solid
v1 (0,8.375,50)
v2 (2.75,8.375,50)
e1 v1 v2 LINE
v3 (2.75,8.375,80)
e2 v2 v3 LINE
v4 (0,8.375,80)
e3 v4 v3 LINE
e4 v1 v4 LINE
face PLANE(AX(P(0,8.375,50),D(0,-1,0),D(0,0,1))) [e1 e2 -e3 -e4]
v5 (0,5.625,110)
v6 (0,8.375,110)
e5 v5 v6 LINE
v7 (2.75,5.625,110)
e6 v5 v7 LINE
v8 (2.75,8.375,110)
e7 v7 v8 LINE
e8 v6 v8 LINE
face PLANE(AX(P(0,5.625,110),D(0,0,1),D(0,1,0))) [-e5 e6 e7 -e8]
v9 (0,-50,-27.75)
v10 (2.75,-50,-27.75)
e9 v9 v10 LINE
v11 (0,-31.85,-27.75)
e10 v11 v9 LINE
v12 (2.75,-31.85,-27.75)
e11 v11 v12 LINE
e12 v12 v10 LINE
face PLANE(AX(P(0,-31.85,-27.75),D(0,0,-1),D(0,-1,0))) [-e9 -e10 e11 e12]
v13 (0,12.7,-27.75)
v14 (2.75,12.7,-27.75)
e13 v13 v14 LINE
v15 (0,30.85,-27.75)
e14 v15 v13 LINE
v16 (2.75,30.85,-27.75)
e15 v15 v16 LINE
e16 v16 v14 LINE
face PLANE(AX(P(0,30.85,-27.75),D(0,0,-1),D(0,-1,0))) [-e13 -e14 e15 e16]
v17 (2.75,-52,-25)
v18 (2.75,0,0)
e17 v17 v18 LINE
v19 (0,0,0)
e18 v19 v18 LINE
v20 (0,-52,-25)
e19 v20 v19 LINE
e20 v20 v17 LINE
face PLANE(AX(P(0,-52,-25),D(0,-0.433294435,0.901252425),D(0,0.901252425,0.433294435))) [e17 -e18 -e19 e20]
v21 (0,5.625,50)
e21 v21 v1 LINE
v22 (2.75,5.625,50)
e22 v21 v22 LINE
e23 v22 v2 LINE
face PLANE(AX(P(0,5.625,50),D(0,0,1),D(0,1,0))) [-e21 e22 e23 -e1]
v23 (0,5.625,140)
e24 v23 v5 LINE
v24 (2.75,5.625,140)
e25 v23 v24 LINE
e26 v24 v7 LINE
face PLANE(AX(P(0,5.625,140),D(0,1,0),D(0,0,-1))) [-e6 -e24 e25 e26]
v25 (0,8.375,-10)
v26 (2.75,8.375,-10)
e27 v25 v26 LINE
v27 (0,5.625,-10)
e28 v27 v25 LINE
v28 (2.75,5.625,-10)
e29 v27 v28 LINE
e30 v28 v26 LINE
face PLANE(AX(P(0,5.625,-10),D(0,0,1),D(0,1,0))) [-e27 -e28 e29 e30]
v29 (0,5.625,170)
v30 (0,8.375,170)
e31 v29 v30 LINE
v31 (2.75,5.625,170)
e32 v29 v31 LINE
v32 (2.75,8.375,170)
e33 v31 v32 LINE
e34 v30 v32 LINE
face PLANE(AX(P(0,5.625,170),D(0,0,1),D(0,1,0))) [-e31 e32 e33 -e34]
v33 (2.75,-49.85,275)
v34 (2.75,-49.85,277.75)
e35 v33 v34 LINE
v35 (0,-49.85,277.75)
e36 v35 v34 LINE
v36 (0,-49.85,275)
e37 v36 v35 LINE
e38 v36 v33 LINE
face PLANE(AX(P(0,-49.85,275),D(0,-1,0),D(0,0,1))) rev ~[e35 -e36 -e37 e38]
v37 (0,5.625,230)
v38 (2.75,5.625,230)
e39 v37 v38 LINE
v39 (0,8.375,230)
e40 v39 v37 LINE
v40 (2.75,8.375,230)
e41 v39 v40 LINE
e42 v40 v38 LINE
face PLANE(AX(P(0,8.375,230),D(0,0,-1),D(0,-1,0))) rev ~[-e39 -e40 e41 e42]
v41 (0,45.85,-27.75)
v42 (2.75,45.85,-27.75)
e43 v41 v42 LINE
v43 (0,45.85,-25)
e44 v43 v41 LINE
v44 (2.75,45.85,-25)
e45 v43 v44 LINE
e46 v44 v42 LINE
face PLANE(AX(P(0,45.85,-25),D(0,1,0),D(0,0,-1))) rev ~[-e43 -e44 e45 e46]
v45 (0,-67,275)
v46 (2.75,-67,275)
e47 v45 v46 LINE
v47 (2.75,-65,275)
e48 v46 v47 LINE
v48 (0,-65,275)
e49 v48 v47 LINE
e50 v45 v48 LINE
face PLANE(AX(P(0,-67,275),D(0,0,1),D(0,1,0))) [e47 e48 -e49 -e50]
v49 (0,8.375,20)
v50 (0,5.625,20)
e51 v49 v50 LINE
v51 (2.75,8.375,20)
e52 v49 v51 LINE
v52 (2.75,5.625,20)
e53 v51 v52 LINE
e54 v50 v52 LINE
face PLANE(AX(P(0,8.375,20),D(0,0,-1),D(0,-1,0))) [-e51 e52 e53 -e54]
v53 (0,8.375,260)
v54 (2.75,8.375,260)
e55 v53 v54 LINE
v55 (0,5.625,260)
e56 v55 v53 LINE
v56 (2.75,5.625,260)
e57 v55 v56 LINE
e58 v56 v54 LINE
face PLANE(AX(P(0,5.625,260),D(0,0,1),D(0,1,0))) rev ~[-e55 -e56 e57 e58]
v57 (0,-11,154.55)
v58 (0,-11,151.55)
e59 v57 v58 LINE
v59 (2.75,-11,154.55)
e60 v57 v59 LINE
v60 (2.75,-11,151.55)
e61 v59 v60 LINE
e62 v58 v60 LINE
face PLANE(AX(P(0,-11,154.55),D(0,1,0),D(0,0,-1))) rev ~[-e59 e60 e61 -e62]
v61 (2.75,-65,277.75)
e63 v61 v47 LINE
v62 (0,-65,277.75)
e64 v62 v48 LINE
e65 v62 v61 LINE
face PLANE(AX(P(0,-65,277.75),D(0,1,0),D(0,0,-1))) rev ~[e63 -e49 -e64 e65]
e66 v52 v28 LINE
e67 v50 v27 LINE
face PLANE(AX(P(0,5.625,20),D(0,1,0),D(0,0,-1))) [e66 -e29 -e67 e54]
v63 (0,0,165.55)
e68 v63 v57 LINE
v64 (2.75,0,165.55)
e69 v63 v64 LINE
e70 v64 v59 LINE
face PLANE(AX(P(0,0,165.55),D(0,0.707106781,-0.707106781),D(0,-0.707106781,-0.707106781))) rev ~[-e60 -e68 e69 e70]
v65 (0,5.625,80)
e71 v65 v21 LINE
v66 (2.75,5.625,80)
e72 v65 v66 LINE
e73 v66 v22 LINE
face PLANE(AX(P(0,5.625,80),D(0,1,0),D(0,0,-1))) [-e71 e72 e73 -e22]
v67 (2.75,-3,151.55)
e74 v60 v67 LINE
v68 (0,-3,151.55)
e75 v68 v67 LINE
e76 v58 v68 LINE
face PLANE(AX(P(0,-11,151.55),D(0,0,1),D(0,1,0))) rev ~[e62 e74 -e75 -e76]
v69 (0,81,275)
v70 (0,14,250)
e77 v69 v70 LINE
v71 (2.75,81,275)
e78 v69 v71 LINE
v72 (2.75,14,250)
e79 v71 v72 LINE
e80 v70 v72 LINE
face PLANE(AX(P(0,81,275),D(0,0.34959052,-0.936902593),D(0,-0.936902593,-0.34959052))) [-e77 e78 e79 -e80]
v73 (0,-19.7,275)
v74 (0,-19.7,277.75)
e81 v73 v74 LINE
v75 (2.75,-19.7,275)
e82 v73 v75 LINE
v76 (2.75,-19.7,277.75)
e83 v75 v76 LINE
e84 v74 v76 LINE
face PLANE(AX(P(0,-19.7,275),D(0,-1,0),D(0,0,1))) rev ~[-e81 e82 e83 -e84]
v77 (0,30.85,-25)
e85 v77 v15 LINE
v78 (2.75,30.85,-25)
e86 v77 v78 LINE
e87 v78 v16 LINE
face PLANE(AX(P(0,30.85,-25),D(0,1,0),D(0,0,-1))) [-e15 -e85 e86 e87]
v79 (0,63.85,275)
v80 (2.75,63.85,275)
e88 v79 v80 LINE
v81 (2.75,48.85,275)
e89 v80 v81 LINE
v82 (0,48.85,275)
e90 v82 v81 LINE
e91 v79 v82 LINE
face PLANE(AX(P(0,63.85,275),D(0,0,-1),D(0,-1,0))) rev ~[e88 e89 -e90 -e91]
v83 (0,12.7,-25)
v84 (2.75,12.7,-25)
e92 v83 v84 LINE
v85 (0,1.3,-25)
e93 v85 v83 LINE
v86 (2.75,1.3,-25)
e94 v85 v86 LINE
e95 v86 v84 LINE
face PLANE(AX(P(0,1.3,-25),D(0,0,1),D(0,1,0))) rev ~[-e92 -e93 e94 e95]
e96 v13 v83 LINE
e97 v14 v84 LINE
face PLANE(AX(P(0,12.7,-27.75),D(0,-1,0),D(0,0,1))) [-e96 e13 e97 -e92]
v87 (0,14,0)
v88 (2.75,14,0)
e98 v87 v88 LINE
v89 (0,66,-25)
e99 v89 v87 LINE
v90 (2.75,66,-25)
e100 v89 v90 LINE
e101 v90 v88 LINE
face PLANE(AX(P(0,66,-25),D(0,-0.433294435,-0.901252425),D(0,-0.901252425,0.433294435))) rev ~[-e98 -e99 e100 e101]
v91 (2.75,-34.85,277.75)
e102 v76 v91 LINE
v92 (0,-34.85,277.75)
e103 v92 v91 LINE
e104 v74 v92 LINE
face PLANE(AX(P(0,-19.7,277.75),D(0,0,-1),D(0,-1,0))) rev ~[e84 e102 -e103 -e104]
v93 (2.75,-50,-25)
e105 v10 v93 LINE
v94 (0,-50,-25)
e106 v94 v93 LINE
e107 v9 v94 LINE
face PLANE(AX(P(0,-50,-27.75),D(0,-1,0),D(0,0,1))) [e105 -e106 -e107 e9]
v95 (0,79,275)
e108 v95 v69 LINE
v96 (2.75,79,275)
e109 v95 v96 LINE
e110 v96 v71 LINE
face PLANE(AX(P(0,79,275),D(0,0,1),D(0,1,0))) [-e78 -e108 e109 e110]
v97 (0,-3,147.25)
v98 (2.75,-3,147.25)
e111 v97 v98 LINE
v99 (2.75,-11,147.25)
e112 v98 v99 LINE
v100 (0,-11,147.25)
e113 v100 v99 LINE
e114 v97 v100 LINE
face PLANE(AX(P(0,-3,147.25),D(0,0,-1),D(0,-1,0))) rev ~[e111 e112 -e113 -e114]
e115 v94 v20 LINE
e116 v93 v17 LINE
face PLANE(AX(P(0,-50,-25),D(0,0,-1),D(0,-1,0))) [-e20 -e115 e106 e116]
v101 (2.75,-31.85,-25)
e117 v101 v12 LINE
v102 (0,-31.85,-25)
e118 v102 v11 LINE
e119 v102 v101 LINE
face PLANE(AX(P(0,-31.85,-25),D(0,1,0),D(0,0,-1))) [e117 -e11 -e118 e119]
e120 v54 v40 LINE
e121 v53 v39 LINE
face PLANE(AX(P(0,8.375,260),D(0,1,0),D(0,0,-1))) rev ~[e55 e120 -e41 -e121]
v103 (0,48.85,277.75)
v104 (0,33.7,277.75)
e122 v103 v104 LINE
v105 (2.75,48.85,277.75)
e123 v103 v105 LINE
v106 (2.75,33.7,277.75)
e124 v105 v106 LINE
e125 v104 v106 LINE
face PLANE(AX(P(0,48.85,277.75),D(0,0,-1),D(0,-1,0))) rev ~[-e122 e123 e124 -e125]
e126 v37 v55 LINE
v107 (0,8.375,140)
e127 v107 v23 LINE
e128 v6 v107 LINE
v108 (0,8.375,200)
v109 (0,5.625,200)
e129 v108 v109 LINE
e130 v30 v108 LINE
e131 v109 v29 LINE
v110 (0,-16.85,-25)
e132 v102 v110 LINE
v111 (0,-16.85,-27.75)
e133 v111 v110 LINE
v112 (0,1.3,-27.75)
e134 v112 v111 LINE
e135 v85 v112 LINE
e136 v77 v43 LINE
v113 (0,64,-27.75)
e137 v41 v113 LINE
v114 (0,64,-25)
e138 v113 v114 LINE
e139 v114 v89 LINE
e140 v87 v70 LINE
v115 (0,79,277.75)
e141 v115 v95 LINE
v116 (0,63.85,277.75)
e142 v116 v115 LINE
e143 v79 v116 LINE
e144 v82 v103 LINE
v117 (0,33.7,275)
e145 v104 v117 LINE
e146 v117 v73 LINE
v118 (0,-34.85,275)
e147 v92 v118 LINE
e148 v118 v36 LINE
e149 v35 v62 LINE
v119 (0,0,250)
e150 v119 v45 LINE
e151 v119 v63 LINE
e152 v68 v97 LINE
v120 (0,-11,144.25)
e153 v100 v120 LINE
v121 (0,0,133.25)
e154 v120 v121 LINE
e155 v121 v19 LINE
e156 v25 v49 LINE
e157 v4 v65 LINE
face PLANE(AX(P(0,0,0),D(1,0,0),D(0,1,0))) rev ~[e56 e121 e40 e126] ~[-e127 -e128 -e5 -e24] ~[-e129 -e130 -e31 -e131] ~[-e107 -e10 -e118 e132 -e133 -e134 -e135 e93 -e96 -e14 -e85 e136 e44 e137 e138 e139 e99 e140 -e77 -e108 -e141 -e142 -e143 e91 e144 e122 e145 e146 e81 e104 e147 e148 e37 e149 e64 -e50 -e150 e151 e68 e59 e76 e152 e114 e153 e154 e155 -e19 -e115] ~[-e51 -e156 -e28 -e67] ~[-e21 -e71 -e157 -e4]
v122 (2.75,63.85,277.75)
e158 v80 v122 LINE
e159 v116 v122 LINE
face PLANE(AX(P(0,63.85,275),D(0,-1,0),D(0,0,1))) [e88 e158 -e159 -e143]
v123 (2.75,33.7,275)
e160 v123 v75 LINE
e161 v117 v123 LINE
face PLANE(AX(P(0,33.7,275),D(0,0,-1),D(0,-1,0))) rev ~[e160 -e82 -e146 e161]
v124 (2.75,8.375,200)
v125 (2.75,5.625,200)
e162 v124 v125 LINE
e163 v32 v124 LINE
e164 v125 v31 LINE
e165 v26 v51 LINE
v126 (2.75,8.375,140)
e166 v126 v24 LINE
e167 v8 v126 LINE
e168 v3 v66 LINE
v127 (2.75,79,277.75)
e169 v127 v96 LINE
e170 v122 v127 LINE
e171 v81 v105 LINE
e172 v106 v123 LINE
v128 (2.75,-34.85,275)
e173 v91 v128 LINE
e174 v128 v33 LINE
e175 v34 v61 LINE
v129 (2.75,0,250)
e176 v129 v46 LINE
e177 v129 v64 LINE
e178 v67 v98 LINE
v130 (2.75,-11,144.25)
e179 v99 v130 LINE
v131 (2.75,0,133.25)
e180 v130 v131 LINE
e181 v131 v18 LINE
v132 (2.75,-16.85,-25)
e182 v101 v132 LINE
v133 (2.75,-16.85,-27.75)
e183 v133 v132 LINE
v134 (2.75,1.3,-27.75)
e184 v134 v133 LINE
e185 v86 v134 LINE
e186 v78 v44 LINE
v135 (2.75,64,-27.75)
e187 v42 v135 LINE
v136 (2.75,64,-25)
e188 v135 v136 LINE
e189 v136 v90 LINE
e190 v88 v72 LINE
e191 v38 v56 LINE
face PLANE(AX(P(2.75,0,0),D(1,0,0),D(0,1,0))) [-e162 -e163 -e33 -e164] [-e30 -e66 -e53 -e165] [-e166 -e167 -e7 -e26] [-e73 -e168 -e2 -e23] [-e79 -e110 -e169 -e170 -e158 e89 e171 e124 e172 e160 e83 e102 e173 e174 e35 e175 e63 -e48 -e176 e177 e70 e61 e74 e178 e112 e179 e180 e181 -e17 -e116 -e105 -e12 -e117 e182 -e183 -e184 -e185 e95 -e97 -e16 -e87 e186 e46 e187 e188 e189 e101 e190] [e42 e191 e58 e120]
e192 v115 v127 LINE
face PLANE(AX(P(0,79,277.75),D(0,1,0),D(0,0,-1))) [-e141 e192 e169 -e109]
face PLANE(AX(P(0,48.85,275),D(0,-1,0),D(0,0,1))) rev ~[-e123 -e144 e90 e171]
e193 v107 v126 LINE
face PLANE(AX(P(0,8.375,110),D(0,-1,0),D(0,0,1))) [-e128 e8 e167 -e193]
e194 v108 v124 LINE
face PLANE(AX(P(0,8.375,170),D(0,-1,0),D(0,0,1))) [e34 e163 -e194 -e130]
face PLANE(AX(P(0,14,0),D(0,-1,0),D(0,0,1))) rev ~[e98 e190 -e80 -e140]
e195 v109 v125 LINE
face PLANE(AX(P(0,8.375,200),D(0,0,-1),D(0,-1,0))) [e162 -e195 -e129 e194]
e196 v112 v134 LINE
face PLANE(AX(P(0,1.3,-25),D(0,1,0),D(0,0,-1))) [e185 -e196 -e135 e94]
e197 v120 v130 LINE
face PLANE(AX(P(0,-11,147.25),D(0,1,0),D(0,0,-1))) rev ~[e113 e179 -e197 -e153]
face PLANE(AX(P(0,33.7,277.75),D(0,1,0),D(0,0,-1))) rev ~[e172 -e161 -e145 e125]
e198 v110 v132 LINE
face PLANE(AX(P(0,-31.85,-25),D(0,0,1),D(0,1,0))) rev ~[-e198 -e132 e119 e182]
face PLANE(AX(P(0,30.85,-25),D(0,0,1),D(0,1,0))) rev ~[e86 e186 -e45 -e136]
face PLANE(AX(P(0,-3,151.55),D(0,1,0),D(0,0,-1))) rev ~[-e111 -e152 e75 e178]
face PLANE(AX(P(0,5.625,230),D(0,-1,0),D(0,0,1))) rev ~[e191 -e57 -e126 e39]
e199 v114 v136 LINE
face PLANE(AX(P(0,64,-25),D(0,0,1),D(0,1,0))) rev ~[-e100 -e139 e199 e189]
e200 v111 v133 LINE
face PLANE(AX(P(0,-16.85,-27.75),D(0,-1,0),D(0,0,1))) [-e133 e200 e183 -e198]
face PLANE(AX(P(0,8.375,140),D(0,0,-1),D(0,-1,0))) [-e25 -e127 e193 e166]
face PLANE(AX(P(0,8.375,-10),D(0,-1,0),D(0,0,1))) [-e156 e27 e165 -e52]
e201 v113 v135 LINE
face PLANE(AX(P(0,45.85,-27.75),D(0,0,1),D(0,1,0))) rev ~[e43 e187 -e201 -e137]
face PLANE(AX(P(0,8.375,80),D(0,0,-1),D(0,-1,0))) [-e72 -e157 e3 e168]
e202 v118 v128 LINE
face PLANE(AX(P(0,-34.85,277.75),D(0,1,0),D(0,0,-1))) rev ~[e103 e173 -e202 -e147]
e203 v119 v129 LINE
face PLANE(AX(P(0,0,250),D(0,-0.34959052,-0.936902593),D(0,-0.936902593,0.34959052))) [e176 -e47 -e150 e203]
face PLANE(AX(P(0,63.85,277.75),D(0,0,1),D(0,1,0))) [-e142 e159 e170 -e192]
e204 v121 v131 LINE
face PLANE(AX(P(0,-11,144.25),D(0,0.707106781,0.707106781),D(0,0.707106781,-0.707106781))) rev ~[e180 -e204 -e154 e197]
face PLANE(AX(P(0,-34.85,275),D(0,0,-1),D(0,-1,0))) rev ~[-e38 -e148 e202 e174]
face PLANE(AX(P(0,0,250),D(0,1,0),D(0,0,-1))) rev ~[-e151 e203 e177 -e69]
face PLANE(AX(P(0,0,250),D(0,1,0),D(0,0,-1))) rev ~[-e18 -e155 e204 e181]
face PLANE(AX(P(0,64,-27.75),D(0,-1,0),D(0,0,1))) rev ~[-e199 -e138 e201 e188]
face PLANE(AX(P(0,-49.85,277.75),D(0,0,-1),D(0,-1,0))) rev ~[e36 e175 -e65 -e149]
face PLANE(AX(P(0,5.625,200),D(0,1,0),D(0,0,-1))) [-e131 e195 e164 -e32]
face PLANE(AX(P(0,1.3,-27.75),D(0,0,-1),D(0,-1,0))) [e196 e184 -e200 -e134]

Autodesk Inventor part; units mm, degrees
ref_plane "YZ Plane" through (0, 0, 0) normal (1, 0, 0) x (0, 1, 0)
ref_plane "XZ Plane" through (0, 0, 0) normal (0, 1, 0) x (-1, 0, 0)
ref_plane "XY Plane" through (0, 0, 0) normal (0, 0, 1) x (1, 0, 0)
sketch "Sketch1" plane through (0, 0, 0) normal (1, 0, 0) x (0, 1, 0)
  line L0 (0, 0) -> (14, 0) construction
  line L1 (14, 0) -> (14, 250)
  line L2 (14, 250) -> (0, 250) construction
  line L3 (0, 250) -> (0, 0)
  line L4 (-50, -25) -> (64, -25)
  line L5 (79, 275) -> (-65, 275)
  line L6 (8.375, 200) -> (5.625, 200)
  line L7 (5.625, 200) -> (5.625, 170)
  line L8 (5.625, 170) -> (8.375, 170)
  line L9 (8.375, 170) -> (8.375, 200)
  line L10 (8.375, 140) -> (5.625, 140)
  line L11 (5.625, 140) -> (5.625, 110)
  line L12 (5.625, 110) -> (8.375, 110)
  line L13 (8.375, 110) -> (8.375, 140)
  line L14 (8.375, 80) -> (5.625, 80)
  line L15 (5.625, 80) -> (5.625, 50)
  line L16 (5.625, 50) -> (8.375, 50)
  line L17 (8.375, 50) -> (8.375, 80)
  line L18 (8.375, 20) -> (5.625, 20)
  line L19 (5.625, 20) -> (5.625, -10)
  line L20 (5.625, -10) -> (8.375, -10)
  line L21 (8.375, -10) -> (8.375, 20)
  line L22 (8.375, 230) -> (5.625, 230)
  line L23 (5.625, 230) -> (5.625, 260)
  line L24 (5.625, 260) -> (8.375, 260)
  line L25 (8.375, 260) -> (8.375, 230)
  line L26 (-65, 275) -> (-49.85, 275)
  line L27 (-49.85, 275) -> (-49.85, 277.75)
  line L28 (-49.85, 277.75) -> (-65, 277.75)
  line L29 (-65, 277.75) -> (-65, 275)
  line L30 (79, 275) -> (63.85, 275)
  line L31 (63.85, 275) -> (63.85, 277.75)
  line L32 (63.85, 277.75) -> (79, 277.75)
  line L33 (79, 277.75) -> (79, 275)
  line L34 (-34.85, 275) -> (-19.7, 275)
  line L35 (-19.7, 275) -> (-19.7, 277.75)
  line L36 (-19.7, 277.75) -> (-34.85, 277.75)
  line L37 (-34.85, 277.75) -> (-34.85, 275)
  line L38 (33.7, 275) -> (48.85, 275)
  line L39 (48.85, 275) -> (48.85, 277.75)
  line L40 (48.85, 277.75) -> (33.7, 277.75)
  line L41 (33.7, 277.75) -> (33.7, 275)
  line L42 (-50, -25) -> (-31.85, -25)
  line L43 (-31.85, -25) -> (-31.85, -27.75)
  line L44 (-31.85, -27.75) -> (-50, -27.75)
  line L45 (-50, -27.75) -> (-50, -25)
  line L46 (-16.85, -25) -> (1.3, -25)
  line L47 (1.3, -25) -> (1.3, -27.75)
  line L48 (1.3, -27.75) -> (-16.85, -27.75)
  line L49 (-16.85, -27.75) -> (-16.85, -25)
  line L50 (12.7, -25) -> (30.85, -25)
  line L51 (30.85, -25) -> (30.85, -27.75)
  line L52 (30.85, -27.75) -> (12.7, -27.75)
  line L53 (12.7, -27.75) -> (12.7, -25)
  line L54 (64, -25) -> (45.85, -25)
  line L55 (45.85, -25) -> (45.85, -27.75)
  line L56 (45.85, -27.75) -> (64, -27.75)
  line L57 (64, -27.75) -> (64, -25)
  line L58 (0, 250) -> (-67, 275)
  line L59 (-67, 275) -> (-65, 275)
  line L60 (79, 275) -> (81, 275)
  line L61 (81, 275) -> (14, 250)
  line L62 (-50, -25) -> (-52, -25)
  line L63 (-52, -25) -> (0, 0)
  line L64 (64, -25) -> (66, -25)
  line L65 (66, -25) -> (14, 0)
  point P0 (7, 170)
  dimension "d3" = 30
  dimension "d4" = 60
  dimension "d5" = 60
  dimension "d6" = 60
  dimension "d7" = 7
  dimension "d8" = 7
  dimension "d9" = 2.75
  dimension "d10" = 15
  dimension "d11" = 50
  dimension "d12" = 50
  dimension "d13" = 25
  dimension "d14" = 25
  dimension "d15" = 65
  dimension "d16" = 300
  dimension "d17" = 65
  dimension "d18" = 60
  dimension "d19" = 2.75
  dimension "d21" = 15.15
  dimension "d22" = 15
  dimension "d24" = 15
  dimension "d27" = 2.75
  dimension "d28" = 18.15
  dimension "d29" = 15
  dimension "d30" = 15
  dimension "d31" = 11.4
  dimension "d32" = 30.15
  dimension "d34" = 68.55
  dimension "d35" = 30.15
  dimension "d44" = 2
  dimension "d45" = 2
  dimension "d46" = 2
  dimension "d47" = 2
extrude "Extrusion1" add sketch "Sketch1" along normal blind 2.75
sketch "Sketch2" plane through (0, 0, 0) normal (-1, 0, 0) x (0, 0, 1)
  line L0 (250, 0) -> (0, 0) projected
  line L1 (165.55, 0) -> (154.55, -11)
  line L2 (154.55, -11) -> (151.55, -11)
  line L3 (151.55, -11) -> (151.55, -3)
  line L4 (151.55, -3) -> (147.25, -3)
  line L5 (147.25, -3) -> (147.25, -11)
  line L6 (147.25, -11) -> (144.25, -11)
  line L7 (144.25, -11) -> (133.25, 0)
  line L8 (-27.75, -50) -> (-27.75, -31.85) projected
  dimension "d36" = 8
  dimension "d38" = 4.3
  dimension "d39" = 11
  dimension "d40" = 45
  dimension "d41" = 3
  dimension "d48" = 175
extrude "Extrusion2" add sketch "Sketch2" against normal up to surface (2.75 mm away)
equation "\"d5\" = d4"
equation "\"d6\" = d4"
equation "\"d18\" = d4"
equation "\"d30\" = d29"
properties part number "TrayPanelF"
